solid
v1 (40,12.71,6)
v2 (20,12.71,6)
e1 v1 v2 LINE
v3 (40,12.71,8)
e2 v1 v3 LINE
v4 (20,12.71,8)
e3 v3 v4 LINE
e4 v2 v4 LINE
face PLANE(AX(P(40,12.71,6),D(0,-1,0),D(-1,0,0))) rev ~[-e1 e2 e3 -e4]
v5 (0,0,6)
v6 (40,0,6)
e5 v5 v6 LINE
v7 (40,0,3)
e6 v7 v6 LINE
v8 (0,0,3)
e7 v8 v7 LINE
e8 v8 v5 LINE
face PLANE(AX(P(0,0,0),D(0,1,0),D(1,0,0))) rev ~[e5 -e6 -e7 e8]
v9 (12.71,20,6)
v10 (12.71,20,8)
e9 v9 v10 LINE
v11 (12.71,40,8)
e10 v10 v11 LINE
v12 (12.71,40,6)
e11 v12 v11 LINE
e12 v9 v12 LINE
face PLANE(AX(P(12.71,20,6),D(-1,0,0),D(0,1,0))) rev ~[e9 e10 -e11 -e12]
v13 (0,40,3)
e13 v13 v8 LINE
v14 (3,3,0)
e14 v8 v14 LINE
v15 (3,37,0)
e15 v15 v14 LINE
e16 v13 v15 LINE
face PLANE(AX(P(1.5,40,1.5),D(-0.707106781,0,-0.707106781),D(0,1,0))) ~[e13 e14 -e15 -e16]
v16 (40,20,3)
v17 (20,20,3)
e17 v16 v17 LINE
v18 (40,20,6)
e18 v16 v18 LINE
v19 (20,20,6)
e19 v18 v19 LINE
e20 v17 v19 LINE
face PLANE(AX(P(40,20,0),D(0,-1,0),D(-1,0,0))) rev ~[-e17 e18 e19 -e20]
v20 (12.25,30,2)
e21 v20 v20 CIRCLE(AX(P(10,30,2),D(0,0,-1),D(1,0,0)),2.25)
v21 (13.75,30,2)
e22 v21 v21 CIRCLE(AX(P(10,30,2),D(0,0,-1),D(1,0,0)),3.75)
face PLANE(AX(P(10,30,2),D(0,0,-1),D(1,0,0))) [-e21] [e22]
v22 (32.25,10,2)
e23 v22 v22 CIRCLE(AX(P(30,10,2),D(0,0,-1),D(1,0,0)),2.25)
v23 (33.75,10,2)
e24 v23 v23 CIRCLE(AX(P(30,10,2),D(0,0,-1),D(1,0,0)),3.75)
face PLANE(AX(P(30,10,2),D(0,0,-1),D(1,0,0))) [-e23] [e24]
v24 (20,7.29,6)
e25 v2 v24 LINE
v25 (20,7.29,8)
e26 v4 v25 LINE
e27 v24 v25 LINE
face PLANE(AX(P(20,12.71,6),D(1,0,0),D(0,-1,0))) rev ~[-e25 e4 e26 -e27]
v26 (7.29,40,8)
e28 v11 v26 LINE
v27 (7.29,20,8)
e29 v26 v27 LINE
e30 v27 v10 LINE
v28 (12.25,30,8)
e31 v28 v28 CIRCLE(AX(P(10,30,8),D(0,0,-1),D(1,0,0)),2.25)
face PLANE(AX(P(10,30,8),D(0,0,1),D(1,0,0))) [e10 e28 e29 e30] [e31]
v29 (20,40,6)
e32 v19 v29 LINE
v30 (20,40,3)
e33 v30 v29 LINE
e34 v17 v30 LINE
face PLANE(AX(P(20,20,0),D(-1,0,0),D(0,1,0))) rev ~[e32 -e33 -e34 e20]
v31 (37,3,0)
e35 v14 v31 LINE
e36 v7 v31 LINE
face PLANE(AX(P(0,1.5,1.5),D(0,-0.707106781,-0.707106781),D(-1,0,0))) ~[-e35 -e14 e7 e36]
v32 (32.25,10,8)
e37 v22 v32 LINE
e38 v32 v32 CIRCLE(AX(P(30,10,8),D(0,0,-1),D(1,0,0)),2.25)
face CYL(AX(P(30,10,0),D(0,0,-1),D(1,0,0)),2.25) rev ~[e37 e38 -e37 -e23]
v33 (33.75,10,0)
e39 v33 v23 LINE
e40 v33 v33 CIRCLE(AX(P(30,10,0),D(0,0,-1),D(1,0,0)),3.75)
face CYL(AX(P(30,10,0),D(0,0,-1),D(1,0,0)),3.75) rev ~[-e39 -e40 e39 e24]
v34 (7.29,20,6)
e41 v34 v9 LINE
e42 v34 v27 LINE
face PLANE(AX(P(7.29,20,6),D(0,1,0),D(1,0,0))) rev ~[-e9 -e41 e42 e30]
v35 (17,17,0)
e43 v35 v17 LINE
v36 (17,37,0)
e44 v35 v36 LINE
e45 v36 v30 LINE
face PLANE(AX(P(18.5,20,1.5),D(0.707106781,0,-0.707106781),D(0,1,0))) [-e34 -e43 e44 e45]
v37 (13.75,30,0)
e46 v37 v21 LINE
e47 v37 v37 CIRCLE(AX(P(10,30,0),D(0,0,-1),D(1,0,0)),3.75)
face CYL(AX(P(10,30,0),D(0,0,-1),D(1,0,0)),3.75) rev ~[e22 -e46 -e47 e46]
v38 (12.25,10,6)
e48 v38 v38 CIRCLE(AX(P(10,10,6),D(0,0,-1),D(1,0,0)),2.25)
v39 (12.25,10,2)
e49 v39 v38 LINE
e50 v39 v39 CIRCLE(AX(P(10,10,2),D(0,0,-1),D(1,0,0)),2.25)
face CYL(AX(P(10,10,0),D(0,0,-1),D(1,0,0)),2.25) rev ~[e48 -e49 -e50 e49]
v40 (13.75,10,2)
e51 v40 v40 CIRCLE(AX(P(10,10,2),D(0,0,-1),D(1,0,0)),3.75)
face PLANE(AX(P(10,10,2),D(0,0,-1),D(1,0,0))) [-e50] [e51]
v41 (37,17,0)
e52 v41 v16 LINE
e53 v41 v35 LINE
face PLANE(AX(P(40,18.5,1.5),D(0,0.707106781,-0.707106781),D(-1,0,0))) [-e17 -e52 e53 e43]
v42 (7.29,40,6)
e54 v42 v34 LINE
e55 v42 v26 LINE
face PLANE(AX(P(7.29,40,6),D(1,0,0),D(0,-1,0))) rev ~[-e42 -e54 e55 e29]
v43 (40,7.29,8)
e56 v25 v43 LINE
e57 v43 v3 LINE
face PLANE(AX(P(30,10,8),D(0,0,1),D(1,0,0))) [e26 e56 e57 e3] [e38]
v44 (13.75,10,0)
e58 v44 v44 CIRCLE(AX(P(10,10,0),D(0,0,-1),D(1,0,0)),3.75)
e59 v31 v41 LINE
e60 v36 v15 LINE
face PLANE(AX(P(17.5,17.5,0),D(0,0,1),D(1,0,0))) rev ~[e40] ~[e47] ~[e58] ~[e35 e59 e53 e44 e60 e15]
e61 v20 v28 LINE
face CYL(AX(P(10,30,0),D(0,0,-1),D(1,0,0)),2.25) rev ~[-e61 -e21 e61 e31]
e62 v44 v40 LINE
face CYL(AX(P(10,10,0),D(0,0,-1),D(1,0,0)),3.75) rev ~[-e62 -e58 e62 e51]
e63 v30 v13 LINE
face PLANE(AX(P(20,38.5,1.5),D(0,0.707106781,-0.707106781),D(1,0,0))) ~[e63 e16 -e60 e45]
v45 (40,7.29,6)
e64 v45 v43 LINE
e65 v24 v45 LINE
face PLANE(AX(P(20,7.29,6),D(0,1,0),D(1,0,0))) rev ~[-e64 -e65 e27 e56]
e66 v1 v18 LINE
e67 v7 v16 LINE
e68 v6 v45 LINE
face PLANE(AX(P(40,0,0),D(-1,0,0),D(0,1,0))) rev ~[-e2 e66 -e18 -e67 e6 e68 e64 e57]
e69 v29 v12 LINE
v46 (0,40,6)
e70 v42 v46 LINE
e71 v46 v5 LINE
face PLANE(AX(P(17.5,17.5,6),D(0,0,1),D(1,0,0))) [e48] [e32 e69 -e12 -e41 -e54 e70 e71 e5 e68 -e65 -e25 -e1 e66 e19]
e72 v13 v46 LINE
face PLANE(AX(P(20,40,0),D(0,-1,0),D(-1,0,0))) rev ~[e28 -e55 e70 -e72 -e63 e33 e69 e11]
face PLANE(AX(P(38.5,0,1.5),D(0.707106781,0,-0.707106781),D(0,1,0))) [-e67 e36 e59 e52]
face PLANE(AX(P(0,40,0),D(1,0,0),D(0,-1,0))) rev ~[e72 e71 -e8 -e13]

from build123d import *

# Parameters (mm, degrees)
F1_DEPTH = 6
F3_DEPTH = 2
F4_R     = 2.25
F5_DEPTH = 8.001
F6_R     = 3.75
F7_DEPTH = 2
F8_SIZE  = 3


with BuildPart() as f1:
    # F0 (on Top) → F1 (new body)
    with BuildSketch(Plane.XY):
        Polygon((0, 40), (0, 0), (40, 0), (40, 20), (20, 20), (20, 40), align=None)
    extrude(amount=F1_DEPTH)

    # F2 (on face) → F3 (join)
    with BuildSketch(Plane.XY.offset(6)):
        Polygon((12.71, 40), (7.29, 40), (7.29, 20), (10, 20), (12.71, 20), align=None)
        Polygon((40, 7.29), (40, 12.71), (20, 12.71), (20, 10), (20, 7.29), align=None)
    extrude(amount=F3_DEPTH)

    # F4 (on face) → F5 (cut, through all)
    with BuildSketch(Plane(origin=(0, 0, 0), x_dir=(1, 0, 0), z_dir=(0, 0, -1))):
        with Locations((10, -30)):
            Circle(F4_R)
        with Locations((10, -10)):
            Circle(F4_R)
        with Locations((30, -10)):
            Circle(F4_R)
    extrude(amount=-F5_DEPTH, mode=Mode.SUBTRACT)

    # F6 (on face) → F7 (cut)
    with BuildSketch(Plane(origin=(0, 0, 0), x_dir=(1, 0, 0), z_dir=(0, 0, -1))):
        with Locations((10, -10)):
            Circle(F6_R)
        with Locations((30, -10)):
            Circle(F6_R)
        with Locations((10, -30)):
            Circle(F6_R)
    extrude(amount=-F7_DEPTH, mode=Mode.SUBTRACT)

    # F8
    f8_edges = [f1.edges().sort_by_distance(p)[0] for p in [
        (20, 0, 0),
        (0, 20, 0),
        (20, 30, 0),
        (30, 20, 0),
        (40, 10, 0),
        (10, 40, 0),
    ]]
    chamfer(f8_edges, length=F8_SIZE)


solid = f1.part
